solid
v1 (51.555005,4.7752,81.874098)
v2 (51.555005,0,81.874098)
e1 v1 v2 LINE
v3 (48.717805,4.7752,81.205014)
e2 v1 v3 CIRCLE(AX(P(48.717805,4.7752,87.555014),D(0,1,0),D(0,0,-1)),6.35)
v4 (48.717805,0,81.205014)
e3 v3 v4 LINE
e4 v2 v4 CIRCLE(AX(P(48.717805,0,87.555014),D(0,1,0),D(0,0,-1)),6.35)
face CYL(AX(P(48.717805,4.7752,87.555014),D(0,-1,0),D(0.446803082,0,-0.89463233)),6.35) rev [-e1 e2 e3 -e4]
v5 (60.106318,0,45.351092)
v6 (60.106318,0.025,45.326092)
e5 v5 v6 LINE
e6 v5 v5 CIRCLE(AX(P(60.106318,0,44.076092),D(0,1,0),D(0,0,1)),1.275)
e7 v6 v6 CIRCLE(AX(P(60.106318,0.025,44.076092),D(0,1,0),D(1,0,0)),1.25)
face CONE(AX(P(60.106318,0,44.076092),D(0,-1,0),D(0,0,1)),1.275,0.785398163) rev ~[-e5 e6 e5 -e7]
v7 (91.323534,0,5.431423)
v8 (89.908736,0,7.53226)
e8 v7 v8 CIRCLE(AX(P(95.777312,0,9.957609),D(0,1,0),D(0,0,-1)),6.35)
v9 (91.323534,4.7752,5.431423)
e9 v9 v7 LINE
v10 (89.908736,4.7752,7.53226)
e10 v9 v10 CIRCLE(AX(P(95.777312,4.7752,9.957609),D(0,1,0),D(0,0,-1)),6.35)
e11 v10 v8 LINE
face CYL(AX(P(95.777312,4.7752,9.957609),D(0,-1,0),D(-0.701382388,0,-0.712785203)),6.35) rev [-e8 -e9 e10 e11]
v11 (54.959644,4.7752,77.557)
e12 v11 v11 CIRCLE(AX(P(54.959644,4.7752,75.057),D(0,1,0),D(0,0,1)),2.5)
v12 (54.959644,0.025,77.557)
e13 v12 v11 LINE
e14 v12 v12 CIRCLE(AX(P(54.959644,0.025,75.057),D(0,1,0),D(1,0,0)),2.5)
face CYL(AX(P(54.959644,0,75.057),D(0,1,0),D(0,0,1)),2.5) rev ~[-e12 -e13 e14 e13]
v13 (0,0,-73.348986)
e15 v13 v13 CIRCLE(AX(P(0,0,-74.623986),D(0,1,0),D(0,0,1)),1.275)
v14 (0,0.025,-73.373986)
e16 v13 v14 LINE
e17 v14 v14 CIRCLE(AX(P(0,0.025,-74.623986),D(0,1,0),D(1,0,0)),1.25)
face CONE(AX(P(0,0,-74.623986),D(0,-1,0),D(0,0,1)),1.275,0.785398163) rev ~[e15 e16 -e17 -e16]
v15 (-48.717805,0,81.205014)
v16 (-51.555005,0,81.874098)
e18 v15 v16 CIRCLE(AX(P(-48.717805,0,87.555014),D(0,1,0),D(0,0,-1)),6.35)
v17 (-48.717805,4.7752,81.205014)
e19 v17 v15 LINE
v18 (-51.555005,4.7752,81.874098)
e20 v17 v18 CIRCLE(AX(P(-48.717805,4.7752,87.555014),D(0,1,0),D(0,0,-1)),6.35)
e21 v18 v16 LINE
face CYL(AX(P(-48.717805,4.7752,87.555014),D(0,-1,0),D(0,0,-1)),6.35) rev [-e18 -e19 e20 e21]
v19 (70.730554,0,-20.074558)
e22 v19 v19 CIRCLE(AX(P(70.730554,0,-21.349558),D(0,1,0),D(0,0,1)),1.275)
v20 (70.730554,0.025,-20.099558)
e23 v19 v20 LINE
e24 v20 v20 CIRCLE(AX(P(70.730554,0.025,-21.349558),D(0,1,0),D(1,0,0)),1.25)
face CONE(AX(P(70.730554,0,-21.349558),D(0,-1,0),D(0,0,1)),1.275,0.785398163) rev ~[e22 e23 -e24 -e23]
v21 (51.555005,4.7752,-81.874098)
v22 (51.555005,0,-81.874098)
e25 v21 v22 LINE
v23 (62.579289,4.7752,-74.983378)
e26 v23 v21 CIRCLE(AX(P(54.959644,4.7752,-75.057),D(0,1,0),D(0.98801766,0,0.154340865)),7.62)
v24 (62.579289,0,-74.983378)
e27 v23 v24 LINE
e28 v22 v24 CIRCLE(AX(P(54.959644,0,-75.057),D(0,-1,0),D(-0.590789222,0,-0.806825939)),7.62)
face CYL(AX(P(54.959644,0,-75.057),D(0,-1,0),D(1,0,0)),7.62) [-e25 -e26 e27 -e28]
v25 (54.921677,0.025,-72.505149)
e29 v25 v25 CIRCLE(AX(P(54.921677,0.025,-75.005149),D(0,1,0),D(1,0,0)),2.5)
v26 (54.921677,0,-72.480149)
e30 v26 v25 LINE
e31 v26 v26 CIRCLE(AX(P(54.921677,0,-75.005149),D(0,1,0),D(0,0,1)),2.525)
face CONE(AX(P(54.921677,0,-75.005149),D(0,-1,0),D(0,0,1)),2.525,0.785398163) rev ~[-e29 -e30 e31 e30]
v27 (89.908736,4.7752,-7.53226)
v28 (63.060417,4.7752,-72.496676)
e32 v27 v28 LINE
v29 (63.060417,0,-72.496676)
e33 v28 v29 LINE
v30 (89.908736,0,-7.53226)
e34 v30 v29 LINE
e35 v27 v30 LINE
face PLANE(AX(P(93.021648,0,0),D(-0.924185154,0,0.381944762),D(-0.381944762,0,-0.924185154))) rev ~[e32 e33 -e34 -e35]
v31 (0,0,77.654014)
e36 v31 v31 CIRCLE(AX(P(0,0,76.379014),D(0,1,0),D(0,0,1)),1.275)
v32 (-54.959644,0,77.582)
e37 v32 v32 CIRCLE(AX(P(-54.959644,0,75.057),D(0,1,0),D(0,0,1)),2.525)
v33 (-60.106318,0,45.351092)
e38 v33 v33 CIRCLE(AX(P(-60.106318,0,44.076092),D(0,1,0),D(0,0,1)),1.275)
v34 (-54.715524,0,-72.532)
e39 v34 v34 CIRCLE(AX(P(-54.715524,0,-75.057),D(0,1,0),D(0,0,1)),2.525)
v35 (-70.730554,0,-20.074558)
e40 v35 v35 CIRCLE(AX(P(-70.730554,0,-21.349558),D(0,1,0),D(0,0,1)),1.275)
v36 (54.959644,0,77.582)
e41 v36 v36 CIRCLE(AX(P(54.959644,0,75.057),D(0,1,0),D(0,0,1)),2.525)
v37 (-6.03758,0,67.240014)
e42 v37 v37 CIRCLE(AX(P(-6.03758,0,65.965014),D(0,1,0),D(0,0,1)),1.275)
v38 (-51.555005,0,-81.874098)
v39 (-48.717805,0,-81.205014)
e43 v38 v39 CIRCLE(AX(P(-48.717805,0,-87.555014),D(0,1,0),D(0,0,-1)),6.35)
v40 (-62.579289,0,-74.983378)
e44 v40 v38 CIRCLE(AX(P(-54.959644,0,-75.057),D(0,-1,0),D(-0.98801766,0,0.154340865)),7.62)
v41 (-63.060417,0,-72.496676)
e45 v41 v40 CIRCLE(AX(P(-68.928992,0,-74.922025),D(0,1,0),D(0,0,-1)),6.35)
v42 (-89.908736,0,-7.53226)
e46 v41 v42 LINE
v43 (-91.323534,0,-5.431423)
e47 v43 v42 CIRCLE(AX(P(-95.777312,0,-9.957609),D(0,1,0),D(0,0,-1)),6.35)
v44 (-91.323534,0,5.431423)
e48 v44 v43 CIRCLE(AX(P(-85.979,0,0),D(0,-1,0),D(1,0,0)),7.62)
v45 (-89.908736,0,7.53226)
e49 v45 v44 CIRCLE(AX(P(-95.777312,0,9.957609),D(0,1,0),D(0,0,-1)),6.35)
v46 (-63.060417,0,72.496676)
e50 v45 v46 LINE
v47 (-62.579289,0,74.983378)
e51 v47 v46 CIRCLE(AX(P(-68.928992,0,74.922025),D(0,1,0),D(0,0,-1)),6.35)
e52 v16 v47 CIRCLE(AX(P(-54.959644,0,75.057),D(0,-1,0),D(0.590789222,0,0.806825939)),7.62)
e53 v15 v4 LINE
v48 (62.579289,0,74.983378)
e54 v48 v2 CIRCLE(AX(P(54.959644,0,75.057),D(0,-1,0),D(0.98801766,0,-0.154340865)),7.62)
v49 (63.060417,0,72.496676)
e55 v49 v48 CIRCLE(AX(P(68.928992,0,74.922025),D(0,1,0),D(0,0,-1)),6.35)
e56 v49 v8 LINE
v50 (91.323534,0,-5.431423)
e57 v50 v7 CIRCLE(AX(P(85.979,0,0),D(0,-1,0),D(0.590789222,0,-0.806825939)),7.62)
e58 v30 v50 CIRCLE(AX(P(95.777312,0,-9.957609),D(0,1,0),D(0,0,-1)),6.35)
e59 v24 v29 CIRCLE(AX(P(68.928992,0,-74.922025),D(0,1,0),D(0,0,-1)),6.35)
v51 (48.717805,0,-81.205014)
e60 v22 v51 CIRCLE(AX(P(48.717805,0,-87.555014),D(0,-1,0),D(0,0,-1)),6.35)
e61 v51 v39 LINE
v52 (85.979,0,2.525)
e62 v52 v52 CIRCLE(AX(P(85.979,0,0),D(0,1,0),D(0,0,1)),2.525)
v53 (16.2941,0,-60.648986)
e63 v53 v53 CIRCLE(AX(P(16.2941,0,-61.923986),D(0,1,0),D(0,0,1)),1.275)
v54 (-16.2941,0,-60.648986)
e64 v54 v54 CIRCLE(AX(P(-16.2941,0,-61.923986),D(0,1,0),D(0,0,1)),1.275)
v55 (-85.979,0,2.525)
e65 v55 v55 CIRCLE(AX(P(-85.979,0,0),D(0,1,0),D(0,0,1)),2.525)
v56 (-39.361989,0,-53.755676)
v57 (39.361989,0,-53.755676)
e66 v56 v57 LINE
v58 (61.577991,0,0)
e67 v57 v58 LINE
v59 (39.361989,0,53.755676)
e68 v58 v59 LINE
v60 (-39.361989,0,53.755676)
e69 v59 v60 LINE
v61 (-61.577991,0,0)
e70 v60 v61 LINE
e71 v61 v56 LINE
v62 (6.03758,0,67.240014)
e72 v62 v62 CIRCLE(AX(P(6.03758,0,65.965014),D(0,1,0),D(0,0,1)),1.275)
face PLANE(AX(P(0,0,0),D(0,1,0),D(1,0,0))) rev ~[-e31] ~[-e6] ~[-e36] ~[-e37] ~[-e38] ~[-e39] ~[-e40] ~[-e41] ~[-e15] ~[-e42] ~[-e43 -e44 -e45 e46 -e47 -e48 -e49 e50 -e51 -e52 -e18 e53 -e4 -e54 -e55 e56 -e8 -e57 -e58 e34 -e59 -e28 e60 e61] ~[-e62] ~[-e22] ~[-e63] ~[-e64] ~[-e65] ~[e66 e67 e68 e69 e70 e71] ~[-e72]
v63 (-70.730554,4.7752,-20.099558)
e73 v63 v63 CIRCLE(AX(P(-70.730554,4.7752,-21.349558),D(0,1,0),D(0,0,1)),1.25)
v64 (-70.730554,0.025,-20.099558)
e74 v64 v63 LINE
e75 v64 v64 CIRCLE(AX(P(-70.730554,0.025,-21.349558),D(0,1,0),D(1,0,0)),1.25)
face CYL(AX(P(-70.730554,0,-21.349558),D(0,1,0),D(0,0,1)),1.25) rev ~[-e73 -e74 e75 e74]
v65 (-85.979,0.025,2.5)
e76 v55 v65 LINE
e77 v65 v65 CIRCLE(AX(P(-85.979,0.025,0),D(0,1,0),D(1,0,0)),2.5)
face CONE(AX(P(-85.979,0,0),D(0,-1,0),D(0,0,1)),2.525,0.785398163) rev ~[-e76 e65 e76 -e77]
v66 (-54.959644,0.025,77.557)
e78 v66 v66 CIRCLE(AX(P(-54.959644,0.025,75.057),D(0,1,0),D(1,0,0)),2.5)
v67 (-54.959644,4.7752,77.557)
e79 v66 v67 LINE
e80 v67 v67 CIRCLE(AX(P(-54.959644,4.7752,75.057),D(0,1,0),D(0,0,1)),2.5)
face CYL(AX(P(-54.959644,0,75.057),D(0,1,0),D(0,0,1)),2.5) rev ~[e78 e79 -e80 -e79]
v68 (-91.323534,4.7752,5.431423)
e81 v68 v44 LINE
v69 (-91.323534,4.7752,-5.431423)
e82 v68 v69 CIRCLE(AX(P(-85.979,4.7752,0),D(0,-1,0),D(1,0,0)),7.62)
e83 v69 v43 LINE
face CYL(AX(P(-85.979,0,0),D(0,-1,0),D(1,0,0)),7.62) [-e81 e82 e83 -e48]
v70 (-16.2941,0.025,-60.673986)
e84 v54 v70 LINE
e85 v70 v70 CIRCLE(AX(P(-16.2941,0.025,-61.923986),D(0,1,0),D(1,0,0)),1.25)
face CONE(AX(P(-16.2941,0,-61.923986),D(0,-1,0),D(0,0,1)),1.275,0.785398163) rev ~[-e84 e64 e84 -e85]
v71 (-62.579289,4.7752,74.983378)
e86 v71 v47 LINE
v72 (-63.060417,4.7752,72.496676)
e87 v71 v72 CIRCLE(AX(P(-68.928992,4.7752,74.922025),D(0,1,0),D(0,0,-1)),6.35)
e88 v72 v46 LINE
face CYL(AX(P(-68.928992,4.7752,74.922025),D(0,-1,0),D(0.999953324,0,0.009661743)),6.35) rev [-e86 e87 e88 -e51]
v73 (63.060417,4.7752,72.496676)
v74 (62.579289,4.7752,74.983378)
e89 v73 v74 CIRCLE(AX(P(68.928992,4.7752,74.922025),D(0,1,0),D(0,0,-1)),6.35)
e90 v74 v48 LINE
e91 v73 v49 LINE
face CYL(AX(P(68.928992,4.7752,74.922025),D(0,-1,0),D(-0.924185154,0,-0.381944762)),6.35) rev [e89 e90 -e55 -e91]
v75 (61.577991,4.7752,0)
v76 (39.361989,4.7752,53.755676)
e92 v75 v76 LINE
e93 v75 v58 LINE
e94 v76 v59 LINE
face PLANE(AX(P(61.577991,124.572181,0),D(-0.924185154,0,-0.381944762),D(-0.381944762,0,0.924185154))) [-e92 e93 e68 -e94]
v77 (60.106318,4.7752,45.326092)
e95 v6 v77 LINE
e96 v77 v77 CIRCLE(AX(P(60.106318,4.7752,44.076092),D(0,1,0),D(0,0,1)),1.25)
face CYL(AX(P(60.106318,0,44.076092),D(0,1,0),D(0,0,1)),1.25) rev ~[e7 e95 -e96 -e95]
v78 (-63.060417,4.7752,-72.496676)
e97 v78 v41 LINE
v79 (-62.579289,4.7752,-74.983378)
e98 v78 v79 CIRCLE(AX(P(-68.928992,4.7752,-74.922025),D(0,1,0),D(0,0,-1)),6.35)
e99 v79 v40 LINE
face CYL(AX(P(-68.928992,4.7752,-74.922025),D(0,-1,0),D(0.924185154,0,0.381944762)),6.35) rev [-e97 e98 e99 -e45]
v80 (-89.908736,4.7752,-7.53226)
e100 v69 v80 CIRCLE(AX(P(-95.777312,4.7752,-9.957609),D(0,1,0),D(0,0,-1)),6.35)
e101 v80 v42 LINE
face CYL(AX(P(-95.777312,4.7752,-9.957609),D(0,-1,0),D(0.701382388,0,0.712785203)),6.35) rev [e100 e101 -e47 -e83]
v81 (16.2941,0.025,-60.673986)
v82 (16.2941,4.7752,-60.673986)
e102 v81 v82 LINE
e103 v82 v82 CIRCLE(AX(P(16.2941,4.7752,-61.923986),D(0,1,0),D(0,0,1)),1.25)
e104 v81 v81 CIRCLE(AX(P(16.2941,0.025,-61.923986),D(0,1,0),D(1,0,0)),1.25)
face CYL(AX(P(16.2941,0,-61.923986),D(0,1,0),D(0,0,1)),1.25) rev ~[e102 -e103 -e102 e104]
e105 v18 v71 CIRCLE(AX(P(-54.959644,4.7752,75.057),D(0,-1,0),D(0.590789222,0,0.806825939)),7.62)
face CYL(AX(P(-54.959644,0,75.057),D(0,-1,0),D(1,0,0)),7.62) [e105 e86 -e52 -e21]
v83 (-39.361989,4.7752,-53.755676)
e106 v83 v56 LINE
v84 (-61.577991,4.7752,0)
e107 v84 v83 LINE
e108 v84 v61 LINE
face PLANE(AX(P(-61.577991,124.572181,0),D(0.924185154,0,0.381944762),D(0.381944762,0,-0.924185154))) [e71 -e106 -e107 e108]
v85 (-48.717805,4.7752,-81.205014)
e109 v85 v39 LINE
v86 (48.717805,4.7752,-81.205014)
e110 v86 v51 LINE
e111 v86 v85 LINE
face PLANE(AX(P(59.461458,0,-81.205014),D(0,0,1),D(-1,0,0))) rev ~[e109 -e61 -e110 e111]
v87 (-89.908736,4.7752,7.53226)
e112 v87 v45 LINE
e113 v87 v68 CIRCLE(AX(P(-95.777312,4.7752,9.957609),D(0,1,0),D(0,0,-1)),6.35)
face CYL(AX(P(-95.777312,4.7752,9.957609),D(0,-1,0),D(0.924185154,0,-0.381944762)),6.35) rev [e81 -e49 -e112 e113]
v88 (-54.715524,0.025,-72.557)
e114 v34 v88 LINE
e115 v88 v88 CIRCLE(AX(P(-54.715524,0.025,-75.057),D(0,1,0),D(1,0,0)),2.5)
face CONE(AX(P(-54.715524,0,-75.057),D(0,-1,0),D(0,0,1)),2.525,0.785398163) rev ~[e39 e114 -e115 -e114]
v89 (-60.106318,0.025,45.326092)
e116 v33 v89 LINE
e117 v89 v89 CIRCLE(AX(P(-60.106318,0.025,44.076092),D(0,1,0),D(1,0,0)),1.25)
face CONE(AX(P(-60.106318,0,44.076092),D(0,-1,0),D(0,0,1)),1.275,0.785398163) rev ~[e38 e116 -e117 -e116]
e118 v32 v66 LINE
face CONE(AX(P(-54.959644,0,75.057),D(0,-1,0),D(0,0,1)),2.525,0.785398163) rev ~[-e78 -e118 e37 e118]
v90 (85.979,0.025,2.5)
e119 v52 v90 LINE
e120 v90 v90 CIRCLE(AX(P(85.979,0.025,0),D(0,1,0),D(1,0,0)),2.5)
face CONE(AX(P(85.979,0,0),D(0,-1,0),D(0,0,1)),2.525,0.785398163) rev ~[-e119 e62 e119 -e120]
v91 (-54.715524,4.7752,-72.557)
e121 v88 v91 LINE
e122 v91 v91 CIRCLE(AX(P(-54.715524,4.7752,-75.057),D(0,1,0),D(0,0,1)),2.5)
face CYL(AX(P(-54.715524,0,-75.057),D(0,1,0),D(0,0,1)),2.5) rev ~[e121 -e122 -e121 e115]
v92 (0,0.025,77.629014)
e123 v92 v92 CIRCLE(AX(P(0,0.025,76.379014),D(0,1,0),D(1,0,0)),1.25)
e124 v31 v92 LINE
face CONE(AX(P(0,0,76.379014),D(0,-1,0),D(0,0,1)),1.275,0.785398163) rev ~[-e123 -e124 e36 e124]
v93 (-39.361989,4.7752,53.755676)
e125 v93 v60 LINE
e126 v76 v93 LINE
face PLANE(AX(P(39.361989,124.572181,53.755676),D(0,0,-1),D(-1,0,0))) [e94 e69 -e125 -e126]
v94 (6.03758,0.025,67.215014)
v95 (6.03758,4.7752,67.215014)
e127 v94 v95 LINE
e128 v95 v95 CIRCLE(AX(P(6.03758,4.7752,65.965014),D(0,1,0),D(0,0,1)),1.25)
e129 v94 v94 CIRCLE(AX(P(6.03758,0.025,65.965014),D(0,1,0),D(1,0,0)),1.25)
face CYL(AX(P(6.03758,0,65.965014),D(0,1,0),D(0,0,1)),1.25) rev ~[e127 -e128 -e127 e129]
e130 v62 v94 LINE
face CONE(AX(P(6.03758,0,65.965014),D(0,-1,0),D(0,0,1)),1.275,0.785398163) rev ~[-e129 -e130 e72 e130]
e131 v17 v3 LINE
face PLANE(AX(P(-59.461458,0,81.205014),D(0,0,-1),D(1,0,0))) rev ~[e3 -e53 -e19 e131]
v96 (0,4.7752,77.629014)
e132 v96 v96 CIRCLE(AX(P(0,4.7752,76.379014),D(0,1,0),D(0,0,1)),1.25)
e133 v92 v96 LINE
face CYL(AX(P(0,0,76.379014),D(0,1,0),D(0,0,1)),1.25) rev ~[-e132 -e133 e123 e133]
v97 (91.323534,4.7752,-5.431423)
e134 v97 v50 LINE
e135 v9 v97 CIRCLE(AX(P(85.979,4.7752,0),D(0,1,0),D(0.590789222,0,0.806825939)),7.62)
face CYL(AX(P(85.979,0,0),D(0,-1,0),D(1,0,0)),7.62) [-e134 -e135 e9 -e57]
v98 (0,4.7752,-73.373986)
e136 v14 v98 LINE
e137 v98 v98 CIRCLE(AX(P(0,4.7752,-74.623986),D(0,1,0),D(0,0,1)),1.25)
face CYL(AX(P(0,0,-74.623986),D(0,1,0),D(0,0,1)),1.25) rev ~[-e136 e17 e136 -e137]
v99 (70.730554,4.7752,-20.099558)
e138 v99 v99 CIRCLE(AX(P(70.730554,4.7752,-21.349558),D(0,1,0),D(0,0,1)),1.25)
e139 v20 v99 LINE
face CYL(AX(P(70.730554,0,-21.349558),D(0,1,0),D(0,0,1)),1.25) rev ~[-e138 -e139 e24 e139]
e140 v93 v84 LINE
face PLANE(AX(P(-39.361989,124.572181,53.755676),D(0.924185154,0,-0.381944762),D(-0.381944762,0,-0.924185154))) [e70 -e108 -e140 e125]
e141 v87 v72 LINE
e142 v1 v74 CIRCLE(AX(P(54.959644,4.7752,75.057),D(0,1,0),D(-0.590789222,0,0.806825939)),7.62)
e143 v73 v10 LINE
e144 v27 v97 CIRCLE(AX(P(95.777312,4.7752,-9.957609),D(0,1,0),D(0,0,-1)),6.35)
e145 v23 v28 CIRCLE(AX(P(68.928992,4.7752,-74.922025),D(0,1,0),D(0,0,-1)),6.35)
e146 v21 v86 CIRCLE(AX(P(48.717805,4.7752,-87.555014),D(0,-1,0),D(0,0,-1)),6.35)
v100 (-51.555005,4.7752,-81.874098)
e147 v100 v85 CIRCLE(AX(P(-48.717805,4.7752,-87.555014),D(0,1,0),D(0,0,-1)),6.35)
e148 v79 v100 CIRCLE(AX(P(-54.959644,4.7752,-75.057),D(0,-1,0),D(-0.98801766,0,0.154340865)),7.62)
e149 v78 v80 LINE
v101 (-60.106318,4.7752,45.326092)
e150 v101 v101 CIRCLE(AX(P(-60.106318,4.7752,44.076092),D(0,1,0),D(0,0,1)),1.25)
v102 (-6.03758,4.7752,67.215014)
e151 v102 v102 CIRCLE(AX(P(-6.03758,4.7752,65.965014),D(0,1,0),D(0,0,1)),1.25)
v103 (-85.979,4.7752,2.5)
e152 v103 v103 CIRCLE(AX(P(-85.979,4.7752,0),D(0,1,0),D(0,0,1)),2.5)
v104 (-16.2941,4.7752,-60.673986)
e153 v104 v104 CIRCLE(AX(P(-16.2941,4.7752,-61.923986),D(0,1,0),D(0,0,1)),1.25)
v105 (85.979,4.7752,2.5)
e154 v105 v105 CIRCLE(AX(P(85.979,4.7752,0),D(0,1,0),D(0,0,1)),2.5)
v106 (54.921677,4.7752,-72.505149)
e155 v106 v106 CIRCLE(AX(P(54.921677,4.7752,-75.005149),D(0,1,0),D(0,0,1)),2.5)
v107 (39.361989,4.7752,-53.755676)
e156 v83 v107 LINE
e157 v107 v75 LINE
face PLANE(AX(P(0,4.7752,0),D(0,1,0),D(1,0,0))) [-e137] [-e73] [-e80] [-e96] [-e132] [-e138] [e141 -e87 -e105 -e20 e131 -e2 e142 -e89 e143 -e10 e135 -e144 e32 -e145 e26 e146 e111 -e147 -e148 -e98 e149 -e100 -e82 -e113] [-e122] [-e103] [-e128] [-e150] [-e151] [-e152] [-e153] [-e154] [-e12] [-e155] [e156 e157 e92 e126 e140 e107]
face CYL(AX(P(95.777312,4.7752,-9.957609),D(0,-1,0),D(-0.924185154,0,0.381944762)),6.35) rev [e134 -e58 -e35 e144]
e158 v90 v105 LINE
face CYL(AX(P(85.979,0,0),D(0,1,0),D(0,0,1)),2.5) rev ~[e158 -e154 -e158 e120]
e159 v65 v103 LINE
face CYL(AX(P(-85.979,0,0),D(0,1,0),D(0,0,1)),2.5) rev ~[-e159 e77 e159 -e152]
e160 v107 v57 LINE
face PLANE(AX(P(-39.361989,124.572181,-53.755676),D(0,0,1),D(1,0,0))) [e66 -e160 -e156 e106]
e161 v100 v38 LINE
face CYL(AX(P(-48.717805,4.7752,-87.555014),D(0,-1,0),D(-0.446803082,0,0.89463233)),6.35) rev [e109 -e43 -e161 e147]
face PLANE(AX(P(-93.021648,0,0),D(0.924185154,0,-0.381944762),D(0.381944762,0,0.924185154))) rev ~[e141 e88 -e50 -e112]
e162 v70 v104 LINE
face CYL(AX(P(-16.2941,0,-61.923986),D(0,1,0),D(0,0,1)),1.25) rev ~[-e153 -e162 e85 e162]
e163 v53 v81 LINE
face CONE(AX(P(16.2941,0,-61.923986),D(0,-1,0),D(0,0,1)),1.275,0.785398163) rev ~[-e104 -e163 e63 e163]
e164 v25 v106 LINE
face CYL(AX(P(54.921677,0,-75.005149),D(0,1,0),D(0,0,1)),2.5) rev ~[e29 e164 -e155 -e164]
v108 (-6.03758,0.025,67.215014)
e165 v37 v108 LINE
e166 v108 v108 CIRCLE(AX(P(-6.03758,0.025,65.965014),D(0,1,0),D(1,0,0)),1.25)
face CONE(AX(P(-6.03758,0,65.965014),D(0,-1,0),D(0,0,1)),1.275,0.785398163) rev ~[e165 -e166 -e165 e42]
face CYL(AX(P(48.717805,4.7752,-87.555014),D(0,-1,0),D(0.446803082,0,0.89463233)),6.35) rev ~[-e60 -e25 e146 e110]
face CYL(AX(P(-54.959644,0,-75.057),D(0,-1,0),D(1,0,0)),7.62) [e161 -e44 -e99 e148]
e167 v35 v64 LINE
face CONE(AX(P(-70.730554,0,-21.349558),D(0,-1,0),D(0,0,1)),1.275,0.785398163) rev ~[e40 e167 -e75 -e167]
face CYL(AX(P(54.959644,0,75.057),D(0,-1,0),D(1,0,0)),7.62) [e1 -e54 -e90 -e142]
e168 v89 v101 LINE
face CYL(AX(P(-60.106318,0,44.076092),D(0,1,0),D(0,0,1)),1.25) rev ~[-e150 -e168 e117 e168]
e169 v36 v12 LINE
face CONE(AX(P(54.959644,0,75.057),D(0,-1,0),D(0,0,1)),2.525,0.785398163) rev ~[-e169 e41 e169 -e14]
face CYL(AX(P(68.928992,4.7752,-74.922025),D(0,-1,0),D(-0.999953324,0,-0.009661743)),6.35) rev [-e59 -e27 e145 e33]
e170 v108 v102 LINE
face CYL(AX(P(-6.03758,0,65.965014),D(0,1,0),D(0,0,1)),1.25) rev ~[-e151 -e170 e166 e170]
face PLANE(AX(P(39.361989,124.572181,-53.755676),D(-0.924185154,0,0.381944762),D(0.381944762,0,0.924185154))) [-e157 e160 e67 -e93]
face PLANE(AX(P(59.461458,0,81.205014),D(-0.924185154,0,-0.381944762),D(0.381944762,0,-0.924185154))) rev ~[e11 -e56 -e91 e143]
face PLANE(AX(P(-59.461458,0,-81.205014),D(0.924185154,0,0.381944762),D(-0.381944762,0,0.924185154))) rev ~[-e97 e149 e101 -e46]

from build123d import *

# Parameters (mm, degrees)
BOSS_EXTRUDE2_DEPTH             = 4.7752
CUT_EXTRUDE1_DEPTH              = 124.57218077
CUT_EXTRUDE1_DEPTH_BACK         = 124.57218077
F_2_5MM_DOWEL_HOLE1_D           = 2.5
F_2_5MM_DOWEL_HOLE1_CSINK_D     = 2.55
F_2_5MM_DOWEL_HOLE1_CSINK_ANGLE = 90
SKETCH7_R                       = 7.62
BOSS_EXTRUDE3_DEPTH             = 4.7752
FILLET1_R                       = 6.35
F_5_0MM_DOWEL_HOLE1_D           = 5
F_5_0MM_DOWEL_HOLE1_CSINK_D     = 5.05
F_5_0MM_DOWEL_HOLE1_CSINK_ANGLE = 90


with BuildPart() as part:
    # Sketch1 → Boss-Extrude2 (new body)
    with BuildSketch(Plane(origin=(0, 0, 0), x_dir=(1, 0, 0), z_dir=(0, 1, 0))):
        Polygon((-59.461458223, 81.205013652), (-93.021648464, 0), (-59.461458223, -81.205013652), (59.461458223, -81.205013652), (93.021648464, 0), (59.461458223, 81.205013652), align=None)
    extrude(amount=BOSS_EXTRUDE2_DEPTH)

    # Sketch4 → Cut-Extrude1 (cut, two sides: drawn at the far end of the back side and taken through both)
    with BuildSketch(Plane.XZ.offset(-CUT_EXTRUDE1_DEPTH_BACK)):
        Polygon((-39.361989183, 53.755675768), (-61.577990685, 0), (-39.361989183, -53.755675768), (39.361989183, -53.755675768), (61.577990685, 0), (39.361989183, 53.755675768), align=None)
    extrude(amount=CUT_EXTRUDE1_DEPTH + CUT_EXTRUDE1_DEPTH_BACK, mode=Mode.SUBTRACT)

    # Ø2.5mm Dowel Hole1 (through all)
    with Locations(Plane(origin=(-6.03758, 0, 65.965013652), x_dir=(0, 0, -1), z_dir=(0, -1, 0))):
        with Locations((0, 0), (0, 12.07516), (127.889, -10.25652), (127.889, 22.33168), (140.589, 6.03758), (-10.414, 6.03758), (21.888921631, -54.068737531), (87.314572085, -64.692973675), (87.314572085, 76.768133675), (21.888921631, 66.143897531)):
            CounterSinkHole(F_2_5MM_DOWEL_HOLE1_D / 2, F_2_5MM_DOWEL_HOLE1_CSINK_D / 2, counter_sink_angle=F_2_5MM_DOWEL_HOLE1_CSINK_ANGLE)

    # Sketch7 → Boss-Extrude3 (add)
    with BuildSketch(Plane.XZ):
        with Locations((-54.959644352, 75.057)):
            Circle(SKETCH7_R)
        with Locations((54.959644352, 75.057)):
            Circle(SKETCH7_R)
        with Locations((85.979, 0)):
            Circle(SKETCH7_R)
        with Locations((54.959644352, -75.057)):
            Circle(SKETCH7_R)
        with Locations((-54.959644352, -75.057)):
            Circle(SKETCH7_R)
        with Locations((-85.979, 0)):
            Circle(SKETCH7_R)
    extrude(amount=-BOSS_EXTRUDE3_DEPTH)

    # Fillet1
    fillet1_edges = [part.edges().sort_by_distance(p)[0] for p in [
        (-62.488338925, 2.3876, 73.880922611),
        (-50.45783048, 2.3876, 81.205013652),
        (50.45783048, 2.3876, 81.205013652),
        (62.488338925, 2.3876, 73.880922611),
        (90.480813872, 2.3876, 6.148013652),
        (90.480813872, 2.3876, -6.148013652),
        (50.45783048, 2.3876, -81.205013652),
        (62.488338925, 2.3876, -73.880922611),
        (-50.45783048, 2.3876, -81.205013652),
        (-62.488338925, 2.3876, -73.880922611),
        (-90.480813872, 2.3876, -6.148013652),
        (-90.480813872, 2.3876, 6.148013652),
    ]]
    fillet(fillet1_edges, radius=FILLET1_R)

    # Ø5.0mm Dowel Hole1 (through all)
    with Locations(Plane(origin=(-54.959644352, 0, 75.057), x_dir=(0, 0, -1), z_dir=(0, -1, 0))):
        with Locations((0, 0), (150.062149462, 109.88132173), (150.114, 0.244119934), (75.057, -31.019355648), (75.057, 140.938644352), (0, 109.919288704)):
            CounterSinkHole(F_5_0MM_DOWEL_HOLE1_D / 2, F_5_0MM_DOWEL_HOLE1_CSINK_D / 2, counter_sink_angle=F_5_0MM_DOWEL_HOLE1_CSINK_ANGLE)


solid = part.part
